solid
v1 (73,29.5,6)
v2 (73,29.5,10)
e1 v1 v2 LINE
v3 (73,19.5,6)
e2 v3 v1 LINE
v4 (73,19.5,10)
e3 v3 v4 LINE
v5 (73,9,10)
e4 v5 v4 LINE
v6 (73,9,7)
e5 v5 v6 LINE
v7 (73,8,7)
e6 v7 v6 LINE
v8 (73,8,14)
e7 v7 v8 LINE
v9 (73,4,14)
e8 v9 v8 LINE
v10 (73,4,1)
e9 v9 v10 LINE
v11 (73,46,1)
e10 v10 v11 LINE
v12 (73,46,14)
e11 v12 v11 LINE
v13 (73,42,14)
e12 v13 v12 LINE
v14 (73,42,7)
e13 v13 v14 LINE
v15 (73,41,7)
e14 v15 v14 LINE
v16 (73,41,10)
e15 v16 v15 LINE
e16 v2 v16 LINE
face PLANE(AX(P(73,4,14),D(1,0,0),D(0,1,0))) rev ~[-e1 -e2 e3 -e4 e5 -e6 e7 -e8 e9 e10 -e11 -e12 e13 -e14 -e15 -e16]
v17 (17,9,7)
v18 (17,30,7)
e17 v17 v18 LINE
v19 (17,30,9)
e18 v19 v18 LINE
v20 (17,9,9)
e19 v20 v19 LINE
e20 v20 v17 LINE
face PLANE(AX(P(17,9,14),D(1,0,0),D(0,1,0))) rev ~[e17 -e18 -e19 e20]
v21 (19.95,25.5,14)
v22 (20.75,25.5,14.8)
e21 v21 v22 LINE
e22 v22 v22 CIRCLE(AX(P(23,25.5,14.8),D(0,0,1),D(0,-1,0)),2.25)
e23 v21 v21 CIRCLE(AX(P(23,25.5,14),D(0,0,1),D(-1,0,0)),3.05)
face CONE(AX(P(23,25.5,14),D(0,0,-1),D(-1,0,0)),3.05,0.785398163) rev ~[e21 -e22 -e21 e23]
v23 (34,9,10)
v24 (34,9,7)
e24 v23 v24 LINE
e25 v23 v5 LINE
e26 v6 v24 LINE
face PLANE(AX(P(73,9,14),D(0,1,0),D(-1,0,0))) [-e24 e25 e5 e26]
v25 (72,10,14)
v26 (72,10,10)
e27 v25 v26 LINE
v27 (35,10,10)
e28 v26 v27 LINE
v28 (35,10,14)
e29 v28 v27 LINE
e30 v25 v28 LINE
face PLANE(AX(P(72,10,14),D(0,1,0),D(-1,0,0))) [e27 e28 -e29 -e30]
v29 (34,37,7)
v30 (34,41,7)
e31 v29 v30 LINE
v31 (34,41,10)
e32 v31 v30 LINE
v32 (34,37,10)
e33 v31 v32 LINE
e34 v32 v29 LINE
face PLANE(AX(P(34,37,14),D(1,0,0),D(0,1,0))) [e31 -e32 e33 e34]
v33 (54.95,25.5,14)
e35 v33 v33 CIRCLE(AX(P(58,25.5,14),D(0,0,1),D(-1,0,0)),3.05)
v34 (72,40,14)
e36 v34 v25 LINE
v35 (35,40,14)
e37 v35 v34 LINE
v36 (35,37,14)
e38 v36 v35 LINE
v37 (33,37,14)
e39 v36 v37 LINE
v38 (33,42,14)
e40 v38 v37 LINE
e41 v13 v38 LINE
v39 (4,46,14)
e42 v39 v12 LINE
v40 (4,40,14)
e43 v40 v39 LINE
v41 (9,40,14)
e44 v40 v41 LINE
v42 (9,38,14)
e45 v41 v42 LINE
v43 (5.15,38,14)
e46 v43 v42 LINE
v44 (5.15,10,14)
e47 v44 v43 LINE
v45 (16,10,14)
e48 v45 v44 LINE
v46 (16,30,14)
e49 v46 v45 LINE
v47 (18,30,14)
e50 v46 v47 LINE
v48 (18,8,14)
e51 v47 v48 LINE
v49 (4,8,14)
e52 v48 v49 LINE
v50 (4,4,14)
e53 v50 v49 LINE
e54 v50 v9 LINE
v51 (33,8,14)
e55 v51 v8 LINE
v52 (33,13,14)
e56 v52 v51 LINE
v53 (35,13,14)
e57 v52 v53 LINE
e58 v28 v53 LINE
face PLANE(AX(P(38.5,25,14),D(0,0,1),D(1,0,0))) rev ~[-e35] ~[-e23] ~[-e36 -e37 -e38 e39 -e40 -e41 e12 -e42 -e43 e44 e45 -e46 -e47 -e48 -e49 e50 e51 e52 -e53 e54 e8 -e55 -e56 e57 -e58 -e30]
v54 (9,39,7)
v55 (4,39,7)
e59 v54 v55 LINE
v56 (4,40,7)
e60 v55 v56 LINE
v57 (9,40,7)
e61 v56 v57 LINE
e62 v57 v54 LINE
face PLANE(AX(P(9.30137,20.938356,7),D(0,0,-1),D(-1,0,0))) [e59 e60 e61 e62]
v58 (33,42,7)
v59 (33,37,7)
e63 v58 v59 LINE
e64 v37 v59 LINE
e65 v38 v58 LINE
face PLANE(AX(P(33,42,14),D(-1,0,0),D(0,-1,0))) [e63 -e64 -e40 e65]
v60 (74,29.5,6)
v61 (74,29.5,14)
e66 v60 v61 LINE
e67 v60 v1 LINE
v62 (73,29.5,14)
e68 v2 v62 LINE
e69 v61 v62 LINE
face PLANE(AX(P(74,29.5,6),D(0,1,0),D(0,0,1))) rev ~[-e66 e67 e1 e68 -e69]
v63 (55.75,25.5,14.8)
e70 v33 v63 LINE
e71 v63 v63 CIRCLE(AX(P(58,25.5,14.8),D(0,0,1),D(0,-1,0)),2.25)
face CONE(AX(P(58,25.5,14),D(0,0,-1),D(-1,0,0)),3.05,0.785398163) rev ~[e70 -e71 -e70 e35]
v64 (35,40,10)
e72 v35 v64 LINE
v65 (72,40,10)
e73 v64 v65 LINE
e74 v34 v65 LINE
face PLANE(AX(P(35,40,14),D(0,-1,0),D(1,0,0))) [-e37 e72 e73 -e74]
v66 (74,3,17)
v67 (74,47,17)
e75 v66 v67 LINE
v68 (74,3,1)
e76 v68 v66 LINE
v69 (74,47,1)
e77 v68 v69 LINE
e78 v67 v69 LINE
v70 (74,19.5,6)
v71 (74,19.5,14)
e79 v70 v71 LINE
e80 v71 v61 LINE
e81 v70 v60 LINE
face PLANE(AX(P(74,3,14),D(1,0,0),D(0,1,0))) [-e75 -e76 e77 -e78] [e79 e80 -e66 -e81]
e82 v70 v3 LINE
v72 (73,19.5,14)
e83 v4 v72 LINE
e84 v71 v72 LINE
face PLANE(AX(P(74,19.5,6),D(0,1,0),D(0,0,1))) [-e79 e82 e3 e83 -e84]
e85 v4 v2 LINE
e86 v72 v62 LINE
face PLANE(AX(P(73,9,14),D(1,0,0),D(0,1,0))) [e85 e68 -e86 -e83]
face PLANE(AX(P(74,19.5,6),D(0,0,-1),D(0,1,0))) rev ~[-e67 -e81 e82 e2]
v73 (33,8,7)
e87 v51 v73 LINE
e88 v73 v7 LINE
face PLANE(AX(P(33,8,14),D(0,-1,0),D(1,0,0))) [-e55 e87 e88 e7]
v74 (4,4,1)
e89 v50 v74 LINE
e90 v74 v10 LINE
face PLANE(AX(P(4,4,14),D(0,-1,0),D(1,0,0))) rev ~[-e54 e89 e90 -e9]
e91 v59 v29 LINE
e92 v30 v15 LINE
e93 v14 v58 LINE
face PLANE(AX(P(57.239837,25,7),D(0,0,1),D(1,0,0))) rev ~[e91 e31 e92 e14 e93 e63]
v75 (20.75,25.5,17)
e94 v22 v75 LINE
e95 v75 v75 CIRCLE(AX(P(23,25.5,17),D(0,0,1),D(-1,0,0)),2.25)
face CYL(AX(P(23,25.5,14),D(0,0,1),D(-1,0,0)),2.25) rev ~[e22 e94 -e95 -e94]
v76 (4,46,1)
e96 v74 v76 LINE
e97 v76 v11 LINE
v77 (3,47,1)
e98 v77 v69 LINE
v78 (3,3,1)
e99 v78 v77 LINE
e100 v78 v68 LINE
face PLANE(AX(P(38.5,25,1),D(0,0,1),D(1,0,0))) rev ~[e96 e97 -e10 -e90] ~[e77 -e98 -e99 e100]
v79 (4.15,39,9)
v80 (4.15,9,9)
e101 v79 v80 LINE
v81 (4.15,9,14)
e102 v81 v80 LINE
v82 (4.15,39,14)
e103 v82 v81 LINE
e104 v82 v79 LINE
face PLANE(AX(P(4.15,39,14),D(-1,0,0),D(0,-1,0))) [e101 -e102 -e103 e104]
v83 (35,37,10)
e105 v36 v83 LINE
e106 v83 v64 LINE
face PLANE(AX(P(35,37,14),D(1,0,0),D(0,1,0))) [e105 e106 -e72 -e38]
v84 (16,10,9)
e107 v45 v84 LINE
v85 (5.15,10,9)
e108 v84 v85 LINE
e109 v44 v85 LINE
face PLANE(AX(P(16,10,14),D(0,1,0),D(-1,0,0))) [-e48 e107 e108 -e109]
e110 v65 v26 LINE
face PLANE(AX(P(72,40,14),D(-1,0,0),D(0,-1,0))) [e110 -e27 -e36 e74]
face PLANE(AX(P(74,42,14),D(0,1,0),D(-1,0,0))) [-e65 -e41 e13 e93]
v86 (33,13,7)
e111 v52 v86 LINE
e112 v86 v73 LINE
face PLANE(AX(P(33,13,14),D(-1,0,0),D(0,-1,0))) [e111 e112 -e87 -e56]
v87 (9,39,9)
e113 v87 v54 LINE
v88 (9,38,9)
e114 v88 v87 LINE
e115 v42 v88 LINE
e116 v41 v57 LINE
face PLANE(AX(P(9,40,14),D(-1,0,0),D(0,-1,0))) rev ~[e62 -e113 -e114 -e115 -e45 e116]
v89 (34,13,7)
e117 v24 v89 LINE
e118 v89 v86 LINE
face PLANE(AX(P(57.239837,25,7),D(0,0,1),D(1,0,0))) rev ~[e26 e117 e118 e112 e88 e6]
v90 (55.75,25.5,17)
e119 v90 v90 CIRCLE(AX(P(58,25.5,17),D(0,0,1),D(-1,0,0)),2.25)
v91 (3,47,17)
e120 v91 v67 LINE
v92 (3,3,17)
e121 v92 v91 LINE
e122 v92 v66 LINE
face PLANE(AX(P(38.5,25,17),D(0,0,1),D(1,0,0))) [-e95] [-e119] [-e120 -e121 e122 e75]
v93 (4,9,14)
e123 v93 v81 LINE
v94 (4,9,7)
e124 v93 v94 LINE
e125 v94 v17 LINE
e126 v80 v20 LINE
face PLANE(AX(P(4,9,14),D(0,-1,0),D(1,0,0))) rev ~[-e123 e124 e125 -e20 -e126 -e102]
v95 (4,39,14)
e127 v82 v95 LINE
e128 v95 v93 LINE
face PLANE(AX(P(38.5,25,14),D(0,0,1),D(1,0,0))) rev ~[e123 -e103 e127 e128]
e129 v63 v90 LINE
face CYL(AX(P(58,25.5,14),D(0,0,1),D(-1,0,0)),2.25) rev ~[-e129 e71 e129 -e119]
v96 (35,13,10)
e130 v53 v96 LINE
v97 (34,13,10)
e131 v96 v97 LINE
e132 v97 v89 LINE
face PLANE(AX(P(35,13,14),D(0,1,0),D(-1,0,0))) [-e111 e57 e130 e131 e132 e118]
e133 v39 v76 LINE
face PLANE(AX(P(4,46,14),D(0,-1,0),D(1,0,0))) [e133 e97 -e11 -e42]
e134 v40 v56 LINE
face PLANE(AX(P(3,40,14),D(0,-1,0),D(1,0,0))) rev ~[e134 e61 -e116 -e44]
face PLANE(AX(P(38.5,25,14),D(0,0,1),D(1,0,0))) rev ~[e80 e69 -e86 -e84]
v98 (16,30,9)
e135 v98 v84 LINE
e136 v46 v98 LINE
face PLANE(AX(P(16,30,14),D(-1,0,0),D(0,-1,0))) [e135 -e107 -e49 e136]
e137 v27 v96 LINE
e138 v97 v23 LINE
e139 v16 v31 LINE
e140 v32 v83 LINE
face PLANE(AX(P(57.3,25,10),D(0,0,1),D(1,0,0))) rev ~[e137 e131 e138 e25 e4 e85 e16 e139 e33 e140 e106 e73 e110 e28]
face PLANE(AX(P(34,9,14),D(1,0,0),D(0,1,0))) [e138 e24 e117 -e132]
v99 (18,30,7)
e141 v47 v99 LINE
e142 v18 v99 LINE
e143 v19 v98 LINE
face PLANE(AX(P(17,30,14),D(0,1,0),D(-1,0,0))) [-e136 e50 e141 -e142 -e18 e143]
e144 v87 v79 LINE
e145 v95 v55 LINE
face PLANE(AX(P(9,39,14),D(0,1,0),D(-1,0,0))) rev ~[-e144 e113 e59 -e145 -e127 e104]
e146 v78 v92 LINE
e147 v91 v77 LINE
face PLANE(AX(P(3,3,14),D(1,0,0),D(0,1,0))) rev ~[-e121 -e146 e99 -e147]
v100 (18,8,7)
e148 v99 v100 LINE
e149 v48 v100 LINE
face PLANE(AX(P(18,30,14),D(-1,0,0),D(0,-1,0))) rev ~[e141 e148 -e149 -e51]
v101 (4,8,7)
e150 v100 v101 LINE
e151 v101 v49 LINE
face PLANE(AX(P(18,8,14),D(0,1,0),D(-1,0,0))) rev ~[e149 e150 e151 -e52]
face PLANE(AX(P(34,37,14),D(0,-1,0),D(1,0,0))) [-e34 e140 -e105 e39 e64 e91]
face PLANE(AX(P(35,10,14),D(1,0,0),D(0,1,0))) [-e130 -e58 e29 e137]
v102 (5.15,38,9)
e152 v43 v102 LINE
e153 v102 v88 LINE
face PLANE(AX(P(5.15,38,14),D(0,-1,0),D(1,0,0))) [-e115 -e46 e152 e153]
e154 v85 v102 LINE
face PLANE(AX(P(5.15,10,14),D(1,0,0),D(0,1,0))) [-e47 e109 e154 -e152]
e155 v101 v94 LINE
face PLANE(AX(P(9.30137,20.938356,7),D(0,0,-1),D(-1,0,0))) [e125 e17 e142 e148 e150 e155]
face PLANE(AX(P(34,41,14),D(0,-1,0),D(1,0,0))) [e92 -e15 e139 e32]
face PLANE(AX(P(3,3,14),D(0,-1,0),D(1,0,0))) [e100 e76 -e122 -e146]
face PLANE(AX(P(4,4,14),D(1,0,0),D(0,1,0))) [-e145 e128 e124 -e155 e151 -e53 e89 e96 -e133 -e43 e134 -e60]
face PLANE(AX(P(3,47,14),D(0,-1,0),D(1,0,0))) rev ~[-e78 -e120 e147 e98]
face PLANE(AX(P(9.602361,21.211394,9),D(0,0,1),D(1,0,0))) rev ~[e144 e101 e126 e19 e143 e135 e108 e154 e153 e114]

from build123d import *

# Parameters (mm, degrees)
SKETCH033_W         = 71
SKETCH033_H         = 44
PAD022_DEPTH        = 3
HOLE003_D           = 4.5
HOLE003_DEPTH       = 25
HOLE003_CSINK_D     = 6.1
HOLE003_CSINK_ANGLE = 90
PAD023_DEPTH        = 7
SKETCH036_W         = 71
SKETCH036_H         = 44
SKETCH036_W_2       = 69
SKETCH036_H_2       = 42
PAD024_DEPTH        = 13
PAD025_DEPTH        = 7
SKETCH_W            = 10
SKETCH_H            = 8
POCKET005_DEPTH     = 5
PAD026_DEPTH        = 5
PAD029_DEPTH        = 4


with BuildPart() as part:
    # Sketch033 → Pad022 (new body)
    with BuildSketch(Plane.XY):
        with Locations((35.5, 22)):
            Rectangle(SKETCH033_W, SKETCH033_H)
    extrude(amount=-PAD022_DEPTH)

    # Hole003
    with Locations(Plane(origin=(0, 0, -3), x_dir=(1, 0, 0), z_dir=(0, 0, -1))):
        with Locations((20, -22.5), (55, -22.5)):
            CounterSinkHole(HOLE003_D / 2, HOLE003_CSINK_D / 2, depth=HOLE003_DEPTH, counter_sink_angle=HOLE003_CSINK_ANGLE)

    # Sketch035 → Pad023 (join)
    with BuildSketch(Plane.XY.offset(-3)):
        Polygon((71, 39), (30, 39), (30, 34), (31, 34), (31, 38), (70, 38), (70, 6), (31, 6), (31, 10), (30, 10), (30, 5), (71, 5), align=None)
    extrude(amount=-PAD023_DEPTH)

    # Sketch036 → Pad024 (join)
    with BuildSketch(Plane.XY.offset(-3)):
        with Locations((35.5, 22)):
            Rectangle(SKETCH036_W, SKETCH036_H)
        with Locations((35.5, 22)):
            Rectangle(SKETCH036_W_2, SKETCH036_H_2, mode=Mode.SUBTRACT)
    extrude(amount=-PAD024_DEPTH)

    # Sketch038 → Pad025 (join)
    with BuildSketch(Plane.XY.offset(-3)):
        Polygon((6, 37), (6, 36), (1, 36), (1, 6), (14, 6), (14, 27), (15, 27), (15, 5), (0, 5), (0, 37), align=None)
    extrude(amount=-PAD025_DEPTH)

    # Sketch (on Face9 of Pad025) → Pocket005 (cut)
    with BuildSketch(Plane.YZ.offset(71)):
        with Locations((21.5, -7)):
            Rectangle(SKETCH_W, SKETCH_H)
    extrude(amount=-POCKET005_DEPTH, mode=Mode.SUBTRACT)

    # Sketch039 → Pad026 (join)
    with BuildSketch(Plane.XY.offset(-3)):
        Polygon((6, 36), (1.15, 36), (1.15, 6), (14, 6), (14, 27), (13, 27), (13, 7), (2.15, 7), (2.15, 35), (6, 35), align=None)
    extrude(amount=-PAD026_DEPTH)

    # Sketch042 → Pad029 (join)
    with BuildSketch(Plane.XY.offset(-3)):
        Polygon((31, 10), (31, 6), (70, 6), (70, 38), (31, 38), (31, 34), (32, 34), (32, 37), (69, 37), (69, 7), (32, 7), (32, 10), align=None)
    extrude(amount=-PAD029_DEPTH)


with BuildPart() as part_1:
    # Body011 placement: moved
    add(part.part.moved(Location((3, 3, 17))))


solid = part_1.part
